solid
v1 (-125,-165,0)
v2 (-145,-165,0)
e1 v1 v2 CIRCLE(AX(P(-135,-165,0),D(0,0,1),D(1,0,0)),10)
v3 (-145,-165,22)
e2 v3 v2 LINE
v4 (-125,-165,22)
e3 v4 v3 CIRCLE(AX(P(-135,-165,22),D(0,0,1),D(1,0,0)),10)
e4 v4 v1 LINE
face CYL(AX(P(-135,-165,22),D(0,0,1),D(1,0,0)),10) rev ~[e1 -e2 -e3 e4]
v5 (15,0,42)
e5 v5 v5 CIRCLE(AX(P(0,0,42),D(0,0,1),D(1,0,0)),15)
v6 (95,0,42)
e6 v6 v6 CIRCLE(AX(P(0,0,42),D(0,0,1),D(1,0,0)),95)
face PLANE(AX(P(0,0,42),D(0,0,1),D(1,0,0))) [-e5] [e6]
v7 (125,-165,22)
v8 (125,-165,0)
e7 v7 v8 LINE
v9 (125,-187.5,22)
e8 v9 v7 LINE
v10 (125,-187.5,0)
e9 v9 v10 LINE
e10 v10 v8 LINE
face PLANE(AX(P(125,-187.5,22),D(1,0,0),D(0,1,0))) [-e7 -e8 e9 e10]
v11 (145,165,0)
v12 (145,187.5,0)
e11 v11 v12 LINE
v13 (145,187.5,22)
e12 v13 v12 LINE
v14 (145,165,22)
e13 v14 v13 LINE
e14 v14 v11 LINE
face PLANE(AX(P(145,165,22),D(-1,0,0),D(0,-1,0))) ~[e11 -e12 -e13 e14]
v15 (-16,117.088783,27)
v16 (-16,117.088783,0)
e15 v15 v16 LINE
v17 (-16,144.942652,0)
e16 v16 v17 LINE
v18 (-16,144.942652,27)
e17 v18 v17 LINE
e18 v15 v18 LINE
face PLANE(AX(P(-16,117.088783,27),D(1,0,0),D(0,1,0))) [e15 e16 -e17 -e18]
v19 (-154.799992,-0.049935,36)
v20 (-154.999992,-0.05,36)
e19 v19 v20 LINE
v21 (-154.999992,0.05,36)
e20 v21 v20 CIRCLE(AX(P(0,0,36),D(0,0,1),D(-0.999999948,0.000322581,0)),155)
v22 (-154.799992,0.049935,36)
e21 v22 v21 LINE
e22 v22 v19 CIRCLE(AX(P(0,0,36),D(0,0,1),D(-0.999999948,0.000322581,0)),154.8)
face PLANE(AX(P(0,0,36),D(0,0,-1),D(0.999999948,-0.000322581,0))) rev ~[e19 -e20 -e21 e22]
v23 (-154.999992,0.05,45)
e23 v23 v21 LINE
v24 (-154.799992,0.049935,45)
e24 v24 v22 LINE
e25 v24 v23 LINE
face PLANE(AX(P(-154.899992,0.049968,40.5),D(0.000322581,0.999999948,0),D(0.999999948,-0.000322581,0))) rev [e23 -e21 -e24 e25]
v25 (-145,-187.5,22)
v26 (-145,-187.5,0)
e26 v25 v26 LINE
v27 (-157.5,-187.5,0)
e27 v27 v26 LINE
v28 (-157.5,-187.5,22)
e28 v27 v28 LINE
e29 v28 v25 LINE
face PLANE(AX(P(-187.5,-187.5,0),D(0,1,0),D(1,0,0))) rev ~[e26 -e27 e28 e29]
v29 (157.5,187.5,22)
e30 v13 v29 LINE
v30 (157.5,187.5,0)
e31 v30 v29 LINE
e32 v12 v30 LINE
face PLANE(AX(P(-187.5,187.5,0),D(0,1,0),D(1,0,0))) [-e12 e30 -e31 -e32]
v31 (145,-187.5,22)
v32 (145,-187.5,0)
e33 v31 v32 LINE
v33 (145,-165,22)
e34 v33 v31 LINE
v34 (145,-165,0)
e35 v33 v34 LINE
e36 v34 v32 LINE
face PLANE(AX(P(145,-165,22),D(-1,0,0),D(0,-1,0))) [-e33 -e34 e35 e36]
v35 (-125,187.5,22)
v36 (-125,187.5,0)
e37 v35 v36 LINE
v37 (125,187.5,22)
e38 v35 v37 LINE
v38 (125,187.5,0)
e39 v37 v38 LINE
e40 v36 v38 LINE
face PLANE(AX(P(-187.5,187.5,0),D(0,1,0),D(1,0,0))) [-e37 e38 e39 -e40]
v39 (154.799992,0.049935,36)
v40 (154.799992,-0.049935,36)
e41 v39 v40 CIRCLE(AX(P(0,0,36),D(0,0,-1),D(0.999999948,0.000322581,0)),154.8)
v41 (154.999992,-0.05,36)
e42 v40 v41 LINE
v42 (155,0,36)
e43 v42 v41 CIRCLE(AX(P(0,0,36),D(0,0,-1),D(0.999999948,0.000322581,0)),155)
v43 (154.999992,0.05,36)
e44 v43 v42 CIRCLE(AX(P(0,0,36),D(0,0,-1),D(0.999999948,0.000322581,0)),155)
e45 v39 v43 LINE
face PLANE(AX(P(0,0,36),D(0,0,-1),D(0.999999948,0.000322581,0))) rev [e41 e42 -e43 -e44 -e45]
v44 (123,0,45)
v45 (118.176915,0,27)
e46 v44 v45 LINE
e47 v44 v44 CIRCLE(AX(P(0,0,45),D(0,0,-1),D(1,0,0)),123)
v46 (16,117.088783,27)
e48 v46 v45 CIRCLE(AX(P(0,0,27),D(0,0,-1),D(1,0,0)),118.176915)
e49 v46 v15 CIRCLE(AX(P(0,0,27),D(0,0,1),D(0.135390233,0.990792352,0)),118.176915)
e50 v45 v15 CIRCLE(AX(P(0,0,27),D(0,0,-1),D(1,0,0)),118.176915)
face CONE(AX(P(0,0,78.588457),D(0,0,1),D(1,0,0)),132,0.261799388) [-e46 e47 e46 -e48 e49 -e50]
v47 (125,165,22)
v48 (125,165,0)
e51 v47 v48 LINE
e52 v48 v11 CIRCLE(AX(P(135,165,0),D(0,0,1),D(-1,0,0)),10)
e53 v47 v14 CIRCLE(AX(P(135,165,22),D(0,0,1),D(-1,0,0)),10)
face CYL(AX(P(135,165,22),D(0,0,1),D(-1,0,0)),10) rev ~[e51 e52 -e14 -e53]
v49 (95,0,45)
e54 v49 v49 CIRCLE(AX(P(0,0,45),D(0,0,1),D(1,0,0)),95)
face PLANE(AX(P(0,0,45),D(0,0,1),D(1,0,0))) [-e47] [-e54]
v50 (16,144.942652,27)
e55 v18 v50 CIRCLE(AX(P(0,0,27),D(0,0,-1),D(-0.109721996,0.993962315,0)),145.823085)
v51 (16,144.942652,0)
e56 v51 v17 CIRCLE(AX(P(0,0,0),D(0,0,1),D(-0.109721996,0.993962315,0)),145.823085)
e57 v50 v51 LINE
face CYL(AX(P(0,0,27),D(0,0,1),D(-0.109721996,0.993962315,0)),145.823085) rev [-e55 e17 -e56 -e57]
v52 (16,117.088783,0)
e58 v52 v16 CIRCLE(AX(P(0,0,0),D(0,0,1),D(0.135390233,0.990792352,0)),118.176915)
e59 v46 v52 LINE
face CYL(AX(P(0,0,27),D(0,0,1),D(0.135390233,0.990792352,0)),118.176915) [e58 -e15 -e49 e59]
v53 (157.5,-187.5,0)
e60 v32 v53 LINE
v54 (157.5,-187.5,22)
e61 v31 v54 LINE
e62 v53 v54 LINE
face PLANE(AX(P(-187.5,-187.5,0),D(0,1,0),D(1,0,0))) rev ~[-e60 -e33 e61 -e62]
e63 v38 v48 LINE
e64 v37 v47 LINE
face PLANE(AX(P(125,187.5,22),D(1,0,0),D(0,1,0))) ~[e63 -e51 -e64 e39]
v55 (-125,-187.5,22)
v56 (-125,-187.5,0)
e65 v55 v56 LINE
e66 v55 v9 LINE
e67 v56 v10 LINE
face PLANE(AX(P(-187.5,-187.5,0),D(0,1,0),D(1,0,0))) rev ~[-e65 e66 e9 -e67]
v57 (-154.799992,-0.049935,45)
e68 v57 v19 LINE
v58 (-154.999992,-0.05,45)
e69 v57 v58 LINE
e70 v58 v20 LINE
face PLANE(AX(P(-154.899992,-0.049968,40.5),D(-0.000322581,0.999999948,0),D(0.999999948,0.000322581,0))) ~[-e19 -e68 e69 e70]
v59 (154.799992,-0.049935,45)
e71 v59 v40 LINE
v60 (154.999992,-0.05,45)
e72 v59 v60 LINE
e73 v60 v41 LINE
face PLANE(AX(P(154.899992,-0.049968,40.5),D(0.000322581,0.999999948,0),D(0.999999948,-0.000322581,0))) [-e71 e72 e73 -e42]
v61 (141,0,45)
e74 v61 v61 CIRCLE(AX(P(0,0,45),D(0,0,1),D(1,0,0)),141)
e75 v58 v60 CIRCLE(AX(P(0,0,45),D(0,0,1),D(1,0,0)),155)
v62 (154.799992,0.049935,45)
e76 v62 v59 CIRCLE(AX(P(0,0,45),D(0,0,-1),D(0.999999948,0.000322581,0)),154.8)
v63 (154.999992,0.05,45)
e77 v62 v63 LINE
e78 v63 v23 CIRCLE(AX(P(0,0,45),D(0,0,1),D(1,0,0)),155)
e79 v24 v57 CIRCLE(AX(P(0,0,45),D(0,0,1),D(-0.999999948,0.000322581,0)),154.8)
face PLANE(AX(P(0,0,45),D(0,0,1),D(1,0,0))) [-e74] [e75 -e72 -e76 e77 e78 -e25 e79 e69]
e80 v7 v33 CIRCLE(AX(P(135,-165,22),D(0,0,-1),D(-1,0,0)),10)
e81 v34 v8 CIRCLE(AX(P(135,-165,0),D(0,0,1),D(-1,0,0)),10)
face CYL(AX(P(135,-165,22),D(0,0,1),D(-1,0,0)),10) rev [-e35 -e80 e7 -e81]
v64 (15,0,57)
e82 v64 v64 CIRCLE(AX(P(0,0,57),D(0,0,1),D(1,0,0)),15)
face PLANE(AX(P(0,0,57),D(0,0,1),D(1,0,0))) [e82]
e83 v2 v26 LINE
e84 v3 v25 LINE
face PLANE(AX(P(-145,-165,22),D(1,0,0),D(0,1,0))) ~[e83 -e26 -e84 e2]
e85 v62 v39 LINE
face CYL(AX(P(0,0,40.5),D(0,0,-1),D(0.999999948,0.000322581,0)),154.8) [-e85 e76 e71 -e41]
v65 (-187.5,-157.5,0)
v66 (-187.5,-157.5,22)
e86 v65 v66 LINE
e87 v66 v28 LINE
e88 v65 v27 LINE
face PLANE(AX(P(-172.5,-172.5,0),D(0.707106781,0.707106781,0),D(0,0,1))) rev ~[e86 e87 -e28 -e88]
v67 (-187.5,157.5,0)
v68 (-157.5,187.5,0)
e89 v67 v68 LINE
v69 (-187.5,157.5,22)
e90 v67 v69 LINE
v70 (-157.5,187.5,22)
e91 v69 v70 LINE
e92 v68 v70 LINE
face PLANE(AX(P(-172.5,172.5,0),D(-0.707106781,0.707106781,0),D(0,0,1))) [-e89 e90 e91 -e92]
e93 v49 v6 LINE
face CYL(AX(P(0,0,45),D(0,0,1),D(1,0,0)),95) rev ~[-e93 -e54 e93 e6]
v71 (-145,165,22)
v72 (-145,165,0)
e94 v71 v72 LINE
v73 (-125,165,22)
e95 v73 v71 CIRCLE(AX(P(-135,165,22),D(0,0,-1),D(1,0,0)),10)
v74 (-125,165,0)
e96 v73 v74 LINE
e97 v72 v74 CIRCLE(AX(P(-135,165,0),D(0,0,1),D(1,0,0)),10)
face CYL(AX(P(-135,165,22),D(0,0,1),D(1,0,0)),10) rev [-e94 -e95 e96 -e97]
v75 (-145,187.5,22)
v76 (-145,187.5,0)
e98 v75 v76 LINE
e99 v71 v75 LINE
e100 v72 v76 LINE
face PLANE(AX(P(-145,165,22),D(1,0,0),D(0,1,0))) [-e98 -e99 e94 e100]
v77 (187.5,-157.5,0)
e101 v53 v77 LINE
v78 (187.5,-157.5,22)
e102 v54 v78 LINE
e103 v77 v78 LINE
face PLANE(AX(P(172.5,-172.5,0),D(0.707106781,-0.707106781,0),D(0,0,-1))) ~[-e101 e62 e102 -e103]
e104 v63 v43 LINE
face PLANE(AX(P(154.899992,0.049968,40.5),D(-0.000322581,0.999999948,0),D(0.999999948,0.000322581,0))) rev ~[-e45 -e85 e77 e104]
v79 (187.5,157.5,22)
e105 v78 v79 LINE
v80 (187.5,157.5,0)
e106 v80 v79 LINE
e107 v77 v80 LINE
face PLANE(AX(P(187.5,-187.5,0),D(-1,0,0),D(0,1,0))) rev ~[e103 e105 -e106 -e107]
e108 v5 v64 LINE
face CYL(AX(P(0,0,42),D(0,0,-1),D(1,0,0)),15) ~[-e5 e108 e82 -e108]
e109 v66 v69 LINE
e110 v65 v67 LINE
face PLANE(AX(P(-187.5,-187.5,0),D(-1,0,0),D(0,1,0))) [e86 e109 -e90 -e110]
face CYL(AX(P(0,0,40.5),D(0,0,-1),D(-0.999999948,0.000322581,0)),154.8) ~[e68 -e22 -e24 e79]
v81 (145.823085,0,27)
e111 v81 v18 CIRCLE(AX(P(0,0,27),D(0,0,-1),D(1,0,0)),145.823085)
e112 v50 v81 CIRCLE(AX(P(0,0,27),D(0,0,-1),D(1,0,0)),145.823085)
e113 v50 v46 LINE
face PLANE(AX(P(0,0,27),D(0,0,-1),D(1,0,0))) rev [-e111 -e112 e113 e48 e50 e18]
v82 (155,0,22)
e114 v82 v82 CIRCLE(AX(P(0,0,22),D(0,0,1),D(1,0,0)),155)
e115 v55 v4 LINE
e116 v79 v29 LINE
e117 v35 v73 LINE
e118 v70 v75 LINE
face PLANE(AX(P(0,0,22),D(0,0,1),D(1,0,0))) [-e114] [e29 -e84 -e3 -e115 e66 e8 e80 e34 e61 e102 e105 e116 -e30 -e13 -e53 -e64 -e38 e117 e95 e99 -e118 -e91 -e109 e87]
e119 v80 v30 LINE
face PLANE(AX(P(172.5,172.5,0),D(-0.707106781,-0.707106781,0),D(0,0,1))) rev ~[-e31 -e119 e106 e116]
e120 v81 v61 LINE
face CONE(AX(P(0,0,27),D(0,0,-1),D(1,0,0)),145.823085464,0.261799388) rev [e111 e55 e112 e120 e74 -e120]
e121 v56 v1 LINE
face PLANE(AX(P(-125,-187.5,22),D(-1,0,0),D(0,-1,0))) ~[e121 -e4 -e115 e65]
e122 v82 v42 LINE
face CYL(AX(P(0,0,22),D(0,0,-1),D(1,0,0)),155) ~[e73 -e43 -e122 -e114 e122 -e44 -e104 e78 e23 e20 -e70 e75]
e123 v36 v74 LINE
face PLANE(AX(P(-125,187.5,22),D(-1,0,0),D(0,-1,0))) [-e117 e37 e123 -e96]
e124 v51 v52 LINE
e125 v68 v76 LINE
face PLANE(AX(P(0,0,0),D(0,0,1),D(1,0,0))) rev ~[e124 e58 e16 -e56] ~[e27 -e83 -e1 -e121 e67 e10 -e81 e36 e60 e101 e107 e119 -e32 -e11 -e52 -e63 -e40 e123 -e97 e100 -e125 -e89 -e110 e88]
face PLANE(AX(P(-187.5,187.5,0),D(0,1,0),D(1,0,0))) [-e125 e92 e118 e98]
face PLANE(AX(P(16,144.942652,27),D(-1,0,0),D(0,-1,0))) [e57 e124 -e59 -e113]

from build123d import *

# Parameters (mm, degrees)
SKETCH_1_W                                = 375
SKETCH_1_H                                = 375
EXTRUDE_1_DEPTH                           = 22
CHAMFER_1_SIZE                            = 30
CUT_EXTRUDE_1_DEPTH                       = 267.076116929
MIRROR_1_AT_THE_SECOND_PLANE_COPY_1_DEPTH = 267.076116929
SKETCH_3_R                                = 155
EXTRUDE_2_DEPTH                           = 23
SKETCH_4_R                                = 95
CUT_EXTRUDE_2_DEPTH                       = 3
SKETCH_5_R                                = 15
EXTRUDE_3_DEPTH                           = 15
CUT_EXTRUDE_3_DEPTH                       = 267.85670312
WRAP_1_SECTION_W                          = 0.2
WRAP_1_SECTION_H                          = 9
WRAP_1_ANGLE                              = 0.036965019


with BuildPart() as part:
    # 草图1 → 凸台-拉伸1 (new body)
    with BuildSketch(Plane.XY):
        Rectangle(SKETCH_1_W, SKETCH_1_H)
    extrude(amount=EXTRUDE_1_DEPTH)

    # 倒角1
    chamfer_1_edges = [part.edges().sort_by_distance(p)[0] for p in [
        (187.5, -187.5, 11),
        (-187.5, -187.5, 11),
        (-187.5, 187.5, 11),
        (187.5, 187.5, 11),
    ]]
    chamfer(chamfer_1_edges, length=CHAMFER_1_SIZE)

    # 草图2 → 切除-拉伸1 (cut, through all)
    with BuildSketch(Plane.XY.offset(22)):
        with BuildLine():
            Line((125, -187.5), (125, -165))
            ThreePointArc((125, -165), (135, -155), (145, -165))
            Line((145, -165), (145, -187.5))
            ThreePointArc((145, -187.5), (135, -197.5), (125, -187.5))
        make_face()
    cut_extrude_1 = extrude(amount=-CUT_EXTRUDE_1_DEPTH, mode=Mode.SUBTRACT)

    # 镜向1: 切除-拉伸1 across plane
    add(cut_extrude_1.mirror(Plane.ZX), mode=Mode.SUBTRACT)

    # 镜向1 at the second plane: 切除-拉伸1 across plane
    add(cut_extrude_1.mirror(Plane(origin=(0, 0, 0), x_dir=(0, 0, 1), z_dir=(1, 0, 0))), mode=Mode.SUBTRACT)

    # 镜向1 at the second plane copy 1 sket → 镜向1 at the second plane copy 1 (cut, through all)
    with BuildSketch(Plane(origin=(0, 0, 22), x_dir=(-1, 0, 0), z_dir=(0, 0, 1))):
        with BuildLine():
            Line((125, -187.5), (125, -165))
            ThreePointArc((125, -165), (135, -155), (145, -165))
            Line((145, -165), (145, -187.5))
            ThreePointArc((145, -187.5), (135, -197.5), (125, -187.5))
        make_face()
    extrude(amount=-MIRROR_1_AT_THE_SECOND_PLANE_COPY_1_DEPTH, mode=Mode.SUBTRACT)

    # 草图3 → 凸台-拉伸2 (add)
    with BuildSketch(Plane.XY.offset(22)):
        Circle(SKETCH_3_R)
    extrude(amount=EXTRUDE_2_DEPTH)

    # 草图4 → 切除-拉伸2 (cut)
    with BuildSketch(Plane.XY.offset(45)):
        Circle(SKETCH_4_R)
    extrude(amount=-CUT_EXTRUDE_2_DEPTH, mode=Mode.SUBTRACT)

    # 草图5 → 凸台-拉伸3 (add)
    with BuildSketch(Plane.XY.offset(42)):
        Circle(SKETCH_5_R)
    extrude(amount=EXTRUDE_3_DEPTH)

    # 草图6 → 切除-旋转1 (revolve, cut)
    with BuildSketch(Plane(origin=(0, 0, 0), x_dir=(0, 0, -1), z_dir=(1, 0, 0)), mode=Mode.PRIVATE) as cut_revolve_1_sk:
        Polygon((-78.588457268, -132), (-27, -118.176914536), (-27, -145.823085464), align=None)
    revolve(cut_revolve_1_sk.sketch.rotate(Axis((0, 0, 0), (0, 0, -1)), 270), axis=Axis((0, 0, 0), (0, 0, -1)), mode=Mode.SUBTRACT)

    # 草图7 → 切除-拉伸3 (cut, through all)
    with BuildSketch(Plane.XY.offset(27)):
        with BuildLine():
            Line((-16, 117.088783106), (-16, 144.942651605))
            ThreePointArc((-16, 144.942651605), (0, 145.823085464), (16, 144.942651605))
            Line((16, 144.942651605), (16, 117.088783106))
            ThreePointArc((16, 117.088783106), (0, 118.176914536), (-16, 117.088783106))
        make_face()
    extrude(amount=-CUT_EXTRUDE_3_DEPTH, mode=Mode.SUBTRACT)

    # 包覆1 section (on wrap section) → 包覆1 (revolve, cut)
    with BuildSketch(Plane(origin=(0, 0, 22), x_dir=(0.9999999479708641, 0.00032258063956674645, 0), z_dir=(-0.00032258063956674645, 0.9999999479708641, 0))):
        with Locations((154.9, -18.5)):
            Rectangle(WRAP_1_SECTION_W, WRAP_1_SECTION_H)
    wrap_1 = revolve(axis=Axis((0, 0, 22), (0, 0, -1)), revolution_arc=WRAP_1_ANGLE, mode=Mode.SUBTRACT)

    # 镜向2: 包覆1 across plane
    add(wrap_1.mirror(Plane(origin=(0, 0, 0), x_dir=(0, 0, 1), z_dir=(1, 0, 0))), mode=Mode.SUBTRACT)


solid = part.part
